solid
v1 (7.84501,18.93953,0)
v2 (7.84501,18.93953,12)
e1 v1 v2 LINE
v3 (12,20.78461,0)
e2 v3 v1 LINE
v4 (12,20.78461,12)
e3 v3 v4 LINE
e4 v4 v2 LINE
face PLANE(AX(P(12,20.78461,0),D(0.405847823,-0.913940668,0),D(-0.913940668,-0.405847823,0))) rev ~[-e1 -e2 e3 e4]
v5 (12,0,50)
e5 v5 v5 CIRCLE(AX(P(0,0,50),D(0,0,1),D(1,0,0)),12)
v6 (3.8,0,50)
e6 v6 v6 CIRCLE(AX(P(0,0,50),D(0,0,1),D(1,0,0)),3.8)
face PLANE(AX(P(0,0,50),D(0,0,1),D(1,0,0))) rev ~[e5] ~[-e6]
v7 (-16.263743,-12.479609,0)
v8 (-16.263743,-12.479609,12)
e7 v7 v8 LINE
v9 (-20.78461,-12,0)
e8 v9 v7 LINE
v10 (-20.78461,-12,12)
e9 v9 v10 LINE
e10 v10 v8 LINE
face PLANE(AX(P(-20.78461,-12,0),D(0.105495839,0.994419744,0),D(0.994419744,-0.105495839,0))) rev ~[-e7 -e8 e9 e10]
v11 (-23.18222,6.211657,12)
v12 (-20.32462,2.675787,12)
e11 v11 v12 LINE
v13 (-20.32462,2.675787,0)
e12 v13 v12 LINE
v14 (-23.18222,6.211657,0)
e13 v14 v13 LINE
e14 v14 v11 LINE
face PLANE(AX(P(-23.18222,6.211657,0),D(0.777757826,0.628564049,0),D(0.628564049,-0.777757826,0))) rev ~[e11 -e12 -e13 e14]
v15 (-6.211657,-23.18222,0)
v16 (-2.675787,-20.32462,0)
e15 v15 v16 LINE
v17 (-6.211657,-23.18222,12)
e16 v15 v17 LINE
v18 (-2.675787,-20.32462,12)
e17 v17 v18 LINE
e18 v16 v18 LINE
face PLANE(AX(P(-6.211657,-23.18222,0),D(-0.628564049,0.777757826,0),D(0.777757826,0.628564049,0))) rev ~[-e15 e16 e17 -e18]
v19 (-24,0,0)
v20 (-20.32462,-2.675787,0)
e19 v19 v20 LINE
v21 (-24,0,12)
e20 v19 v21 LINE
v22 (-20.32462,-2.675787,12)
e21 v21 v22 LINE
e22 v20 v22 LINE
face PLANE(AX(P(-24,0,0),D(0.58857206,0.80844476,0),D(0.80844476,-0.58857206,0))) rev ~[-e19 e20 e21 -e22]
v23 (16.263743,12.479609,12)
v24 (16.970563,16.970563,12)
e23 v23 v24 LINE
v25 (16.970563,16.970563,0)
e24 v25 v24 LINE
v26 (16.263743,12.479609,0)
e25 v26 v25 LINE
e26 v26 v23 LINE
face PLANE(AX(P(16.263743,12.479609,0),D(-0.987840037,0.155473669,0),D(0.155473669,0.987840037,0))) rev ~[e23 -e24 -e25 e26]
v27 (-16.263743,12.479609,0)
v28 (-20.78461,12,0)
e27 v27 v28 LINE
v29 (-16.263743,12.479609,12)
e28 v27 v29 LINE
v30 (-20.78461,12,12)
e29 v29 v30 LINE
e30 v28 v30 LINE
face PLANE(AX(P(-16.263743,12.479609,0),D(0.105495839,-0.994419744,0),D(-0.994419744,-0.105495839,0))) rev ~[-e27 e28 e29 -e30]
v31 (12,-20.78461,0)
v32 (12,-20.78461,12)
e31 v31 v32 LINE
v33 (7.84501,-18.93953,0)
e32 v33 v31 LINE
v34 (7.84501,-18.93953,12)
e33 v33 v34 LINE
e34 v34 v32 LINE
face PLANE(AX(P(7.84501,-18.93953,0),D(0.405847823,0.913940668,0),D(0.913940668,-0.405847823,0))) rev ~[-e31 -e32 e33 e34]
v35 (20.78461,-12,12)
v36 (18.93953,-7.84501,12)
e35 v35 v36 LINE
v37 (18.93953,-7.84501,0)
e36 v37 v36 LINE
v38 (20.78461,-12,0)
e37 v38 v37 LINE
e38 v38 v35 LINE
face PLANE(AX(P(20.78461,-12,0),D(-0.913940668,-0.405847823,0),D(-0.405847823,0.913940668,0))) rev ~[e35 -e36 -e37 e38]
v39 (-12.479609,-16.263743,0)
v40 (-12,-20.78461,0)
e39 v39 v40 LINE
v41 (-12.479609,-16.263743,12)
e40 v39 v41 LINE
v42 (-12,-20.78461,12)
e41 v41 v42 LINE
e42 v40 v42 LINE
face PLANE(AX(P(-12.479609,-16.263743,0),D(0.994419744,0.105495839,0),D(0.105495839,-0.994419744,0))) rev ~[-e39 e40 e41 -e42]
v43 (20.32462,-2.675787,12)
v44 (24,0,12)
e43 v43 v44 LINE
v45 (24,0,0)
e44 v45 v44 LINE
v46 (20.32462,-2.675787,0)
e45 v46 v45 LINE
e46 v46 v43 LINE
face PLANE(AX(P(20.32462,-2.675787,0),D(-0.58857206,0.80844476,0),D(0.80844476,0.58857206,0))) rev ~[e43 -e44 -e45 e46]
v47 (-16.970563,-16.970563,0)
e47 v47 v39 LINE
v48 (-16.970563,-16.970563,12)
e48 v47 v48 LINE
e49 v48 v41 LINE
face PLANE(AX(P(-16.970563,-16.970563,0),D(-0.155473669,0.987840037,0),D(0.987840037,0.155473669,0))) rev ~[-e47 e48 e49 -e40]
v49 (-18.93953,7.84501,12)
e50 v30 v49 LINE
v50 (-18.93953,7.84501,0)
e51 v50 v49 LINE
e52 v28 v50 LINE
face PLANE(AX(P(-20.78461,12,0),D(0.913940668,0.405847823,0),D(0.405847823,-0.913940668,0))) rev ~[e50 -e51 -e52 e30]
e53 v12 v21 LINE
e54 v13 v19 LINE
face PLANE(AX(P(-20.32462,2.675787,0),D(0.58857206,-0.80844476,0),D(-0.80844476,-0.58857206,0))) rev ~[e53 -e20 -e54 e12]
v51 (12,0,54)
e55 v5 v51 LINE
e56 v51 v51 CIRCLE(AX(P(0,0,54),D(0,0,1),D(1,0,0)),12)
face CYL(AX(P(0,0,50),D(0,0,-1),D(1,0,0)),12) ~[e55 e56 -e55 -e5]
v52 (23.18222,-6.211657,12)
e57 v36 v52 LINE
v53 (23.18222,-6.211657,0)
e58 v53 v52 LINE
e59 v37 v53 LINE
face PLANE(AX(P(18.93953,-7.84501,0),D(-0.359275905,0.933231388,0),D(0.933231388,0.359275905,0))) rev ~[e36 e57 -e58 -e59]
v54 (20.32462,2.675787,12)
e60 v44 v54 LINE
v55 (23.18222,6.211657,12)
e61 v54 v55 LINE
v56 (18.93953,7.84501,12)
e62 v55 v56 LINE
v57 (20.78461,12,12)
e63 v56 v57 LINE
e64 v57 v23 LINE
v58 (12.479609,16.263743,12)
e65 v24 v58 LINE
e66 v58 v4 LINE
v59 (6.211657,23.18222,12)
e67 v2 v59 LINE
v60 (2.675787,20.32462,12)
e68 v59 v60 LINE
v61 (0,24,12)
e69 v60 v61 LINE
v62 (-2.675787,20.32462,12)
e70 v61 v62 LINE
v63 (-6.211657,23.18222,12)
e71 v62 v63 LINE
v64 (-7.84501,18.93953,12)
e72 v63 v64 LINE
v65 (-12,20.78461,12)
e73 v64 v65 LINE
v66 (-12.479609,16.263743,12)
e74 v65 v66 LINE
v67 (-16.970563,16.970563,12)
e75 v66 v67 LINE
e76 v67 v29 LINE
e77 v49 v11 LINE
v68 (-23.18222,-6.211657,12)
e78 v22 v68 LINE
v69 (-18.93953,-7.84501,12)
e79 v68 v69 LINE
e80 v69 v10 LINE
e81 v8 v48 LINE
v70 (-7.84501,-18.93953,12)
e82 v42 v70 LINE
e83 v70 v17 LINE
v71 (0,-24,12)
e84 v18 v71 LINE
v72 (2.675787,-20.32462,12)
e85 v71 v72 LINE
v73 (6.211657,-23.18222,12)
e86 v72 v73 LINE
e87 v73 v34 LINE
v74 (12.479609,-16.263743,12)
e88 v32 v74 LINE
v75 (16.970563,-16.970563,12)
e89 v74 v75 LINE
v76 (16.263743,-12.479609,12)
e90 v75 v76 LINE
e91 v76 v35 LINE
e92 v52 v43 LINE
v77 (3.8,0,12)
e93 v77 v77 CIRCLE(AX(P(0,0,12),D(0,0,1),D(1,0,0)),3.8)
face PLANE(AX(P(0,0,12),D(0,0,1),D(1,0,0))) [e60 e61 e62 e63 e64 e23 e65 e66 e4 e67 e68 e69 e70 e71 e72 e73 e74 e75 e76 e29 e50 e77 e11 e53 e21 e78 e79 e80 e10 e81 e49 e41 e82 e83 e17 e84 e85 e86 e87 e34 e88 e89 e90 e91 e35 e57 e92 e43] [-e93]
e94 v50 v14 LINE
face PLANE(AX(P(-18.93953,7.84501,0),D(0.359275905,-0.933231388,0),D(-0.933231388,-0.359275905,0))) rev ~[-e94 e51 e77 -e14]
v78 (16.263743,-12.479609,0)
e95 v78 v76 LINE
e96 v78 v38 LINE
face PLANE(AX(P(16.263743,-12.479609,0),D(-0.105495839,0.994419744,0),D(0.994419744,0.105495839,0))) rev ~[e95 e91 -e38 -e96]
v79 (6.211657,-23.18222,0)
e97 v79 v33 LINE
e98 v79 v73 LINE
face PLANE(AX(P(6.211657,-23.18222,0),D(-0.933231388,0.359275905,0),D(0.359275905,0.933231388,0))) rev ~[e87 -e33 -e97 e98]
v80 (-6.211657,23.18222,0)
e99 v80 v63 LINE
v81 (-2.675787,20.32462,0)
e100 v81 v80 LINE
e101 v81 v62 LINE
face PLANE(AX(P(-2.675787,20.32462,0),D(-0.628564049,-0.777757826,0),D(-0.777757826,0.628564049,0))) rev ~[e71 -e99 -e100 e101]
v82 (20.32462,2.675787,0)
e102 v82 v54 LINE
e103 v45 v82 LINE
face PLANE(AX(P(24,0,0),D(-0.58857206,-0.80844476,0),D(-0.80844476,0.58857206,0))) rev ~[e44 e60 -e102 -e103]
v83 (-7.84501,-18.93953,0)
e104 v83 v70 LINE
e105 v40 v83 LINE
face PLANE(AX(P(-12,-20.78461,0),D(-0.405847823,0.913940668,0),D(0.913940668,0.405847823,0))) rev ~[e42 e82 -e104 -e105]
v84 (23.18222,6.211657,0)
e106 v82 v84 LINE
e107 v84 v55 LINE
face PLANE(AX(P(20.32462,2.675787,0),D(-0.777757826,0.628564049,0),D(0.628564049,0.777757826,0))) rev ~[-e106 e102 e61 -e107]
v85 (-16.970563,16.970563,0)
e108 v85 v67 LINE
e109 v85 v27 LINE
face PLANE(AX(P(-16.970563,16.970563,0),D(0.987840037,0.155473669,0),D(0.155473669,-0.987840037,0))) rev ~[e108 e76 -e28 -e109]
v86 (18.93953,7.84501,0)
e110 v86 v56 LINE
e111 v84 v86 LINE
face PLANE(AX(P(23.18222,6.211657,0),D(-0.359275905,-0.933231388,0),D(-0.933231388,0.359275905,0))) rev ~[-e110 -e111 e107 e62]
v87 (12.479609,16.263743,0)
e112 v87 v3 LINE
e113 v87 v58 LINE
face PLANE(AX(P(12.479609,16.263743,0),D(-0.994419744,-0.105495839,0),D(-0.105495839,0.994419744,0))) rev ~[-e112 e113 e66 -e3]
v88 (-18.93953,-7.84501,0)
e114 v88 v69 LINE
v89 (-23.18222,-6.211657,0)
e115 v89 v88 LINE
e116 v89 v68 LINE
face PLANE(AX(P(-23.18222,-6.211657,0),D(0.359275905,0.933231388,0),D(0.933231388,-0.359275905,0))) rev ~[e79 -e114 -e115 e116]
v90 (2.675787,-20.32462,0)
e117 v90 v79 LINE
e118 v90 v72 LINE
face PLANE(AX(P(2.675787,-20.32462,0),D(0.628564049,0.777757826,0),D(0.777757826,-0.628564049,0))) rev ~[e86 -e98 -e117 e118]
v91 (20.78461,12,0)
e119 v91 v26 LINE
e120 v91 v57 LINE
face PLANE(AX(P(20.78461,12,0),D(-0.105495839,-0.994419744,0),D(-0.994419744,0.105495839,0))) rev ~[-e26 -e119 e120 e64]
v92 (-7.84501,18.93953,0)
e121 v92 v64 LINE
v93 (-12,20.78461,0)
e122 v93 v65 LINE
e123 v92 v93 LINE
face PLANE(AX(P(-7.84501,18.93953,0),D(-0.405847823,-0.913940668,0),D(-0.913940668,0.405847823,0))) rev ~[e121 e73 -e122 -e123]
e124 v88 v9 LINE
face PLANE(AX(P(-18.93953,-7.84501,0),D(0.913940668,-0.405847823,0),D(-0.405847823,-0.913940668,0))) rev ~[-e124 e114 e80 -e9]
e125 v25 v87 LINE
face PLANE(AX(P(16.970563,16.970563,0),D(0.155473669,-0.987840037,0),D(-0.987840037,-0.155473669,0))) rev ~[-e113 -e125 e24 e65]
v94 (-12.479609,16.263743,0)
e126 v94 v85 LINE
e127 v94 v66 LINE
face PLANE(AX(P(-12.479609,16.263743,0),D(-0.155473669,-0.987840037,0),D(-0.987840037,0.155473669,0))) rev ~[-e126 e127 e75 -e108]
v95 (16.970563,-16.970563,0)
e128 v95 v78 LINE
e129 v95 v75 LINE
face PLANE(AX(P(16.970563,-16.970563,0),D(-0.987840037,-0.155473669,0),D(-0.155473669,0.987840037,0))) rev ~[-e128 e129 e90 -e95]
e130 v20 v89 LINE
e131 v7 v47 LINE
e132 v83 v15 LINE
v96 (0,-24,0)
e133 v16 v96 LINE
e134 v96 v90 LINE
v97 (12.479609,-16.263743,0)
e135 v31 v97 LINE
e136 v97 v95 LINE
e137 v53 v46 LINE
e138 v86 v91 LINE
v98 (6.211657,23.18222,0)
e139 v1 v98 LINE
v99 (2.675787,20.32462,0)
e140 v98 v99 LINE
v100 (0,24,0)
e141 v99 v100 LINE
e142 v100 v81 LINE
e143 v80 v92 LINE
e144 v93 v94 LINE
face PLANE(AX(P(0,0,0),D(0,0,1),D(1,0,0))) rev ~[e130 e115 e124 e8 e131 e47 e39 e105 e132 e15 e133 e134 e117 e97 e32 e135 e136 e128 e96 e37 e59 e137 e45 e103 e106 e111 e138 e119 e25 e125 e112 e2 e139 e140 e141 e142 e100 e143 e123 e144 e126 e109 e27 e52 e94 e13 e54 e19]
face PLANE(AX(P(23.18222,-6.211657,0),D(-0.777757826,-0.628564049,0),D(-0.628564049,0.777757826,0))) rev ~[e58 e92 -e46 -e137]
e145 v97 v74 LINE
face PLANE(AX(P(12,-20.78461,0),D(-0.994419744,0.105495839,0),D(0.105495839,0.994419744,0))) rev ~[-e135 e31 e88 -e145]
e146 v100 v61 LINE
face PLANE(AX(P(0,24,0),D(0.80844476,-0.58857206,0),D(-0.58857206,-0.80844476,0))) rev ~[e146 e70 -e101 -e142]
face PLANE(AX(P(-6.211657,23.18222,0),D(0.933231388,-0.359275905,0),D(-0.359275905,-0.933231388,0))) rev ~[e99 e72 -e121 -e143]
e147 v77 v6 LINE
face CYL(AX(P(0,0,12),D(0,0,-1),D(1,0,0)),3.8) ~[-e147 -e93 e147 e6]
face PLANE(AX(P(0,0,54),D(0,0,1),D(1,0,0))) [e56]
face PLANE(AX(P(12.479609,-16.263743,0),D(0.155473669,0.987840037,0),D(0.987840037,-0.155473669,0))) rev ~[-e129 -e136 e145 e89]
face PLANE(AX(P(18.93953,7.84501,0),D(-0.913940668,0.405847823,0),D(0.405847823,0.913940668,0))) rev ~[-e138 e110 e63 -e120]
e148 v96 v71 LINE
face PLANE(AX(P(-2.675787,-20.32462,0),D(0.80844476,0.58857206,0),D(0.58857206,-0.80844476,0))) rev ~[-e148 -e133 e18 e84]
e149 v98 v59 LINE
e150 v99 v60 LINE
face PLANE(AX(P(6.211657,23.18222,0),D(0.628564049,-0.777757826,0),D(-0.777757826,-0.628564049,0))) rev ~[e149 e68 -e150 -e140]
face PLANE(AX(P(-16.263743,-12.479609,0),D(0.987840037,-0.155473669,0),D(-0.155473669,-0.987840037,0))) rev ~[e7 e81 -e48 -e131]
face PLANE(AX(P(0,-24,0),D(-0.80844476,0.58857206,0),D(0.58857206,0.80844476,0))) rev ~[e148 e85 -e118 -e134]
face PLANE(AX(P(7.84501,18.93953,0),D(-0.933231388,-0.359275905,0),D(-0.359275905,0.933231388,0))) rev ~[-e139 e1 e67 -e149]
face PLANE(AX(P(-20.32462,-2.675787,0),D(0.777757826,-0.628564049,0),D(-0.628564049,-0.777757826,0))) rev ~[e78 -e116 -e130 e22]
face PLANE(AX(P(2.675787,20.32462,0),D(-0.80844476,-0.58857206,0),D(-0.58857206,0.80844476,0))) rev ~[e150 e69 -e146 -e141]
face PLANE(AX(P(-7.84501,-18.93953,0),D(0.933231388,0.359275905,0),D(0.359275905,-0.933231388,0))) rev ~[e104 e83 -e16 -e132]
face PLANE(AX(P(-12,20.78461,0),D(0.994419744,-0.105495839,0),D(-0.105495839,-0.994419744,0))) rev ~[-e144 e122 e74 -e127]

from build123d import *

# Parameters (mm, degrees)
PAD_02_GEARLIKE_KNOB_DEPTH       = 12
SKETCH_03_SCREW_SHAFT_PROFILE_R  = 3.8
PAD_04_SCREW_SHAFT_DEPTH         = 38
SKETCH_05_PRESSURE_PAD_PROFILE_R = 12
PAD_06_PRESSURE_PAD_DEPTH        = 4


with BuildPart() as part:
    # Sketch_01_GearLike_Knob_Profile → Pad_02_GearLike_Knob (new body)
    with BuildSketch(Plane.XY):
        Polygon((24, 0), (20.32462, 2.675787), (23.18222, 6.211657), (18.93953, 7.84501), (20.78461, 12), (16.263743, 12.479609), (16.970563, 16.970563), (12.479609, 16.263743), (12, 20.78461), (7.84501, 18.93953), (6.211657, 23.18222), (2.675787, 20.32462), (0, 24), (-2.675787, 20.32462), (-6.211657, 23.18222), (-7.84501, 18.93953), (-12, 20.78461), (-12.479609, 16.263743), (-16.970563, 16.970563), (-16.263743, 12.479609), (-20.78461, 12), (-18.93953, 7.84501), (-23.18222, 6.211657), (-20.32462, 2.675787), (-24, 0), (-20.32462, -2.675787), (-23.18222, -6.211657), (-18.93953, -7.84501), (-20.78461, -12), (-16.263743, -12.479609), (-16.970563, -16.970563), (-12.479609, -16.263743), (-12, -20.78461), (-7.84501, -18.93953), (-6.211657, -23.18222), (-2.675787, -20.32462), (0, -24), (2.675787, -20.32462), (6.211657, -23.18222), (7.84501, -18.93953), (12, -20.78461), (12.479609, -16.263743), (16.970563, -16.970563), (16.263743, -12.479609), (20.78461, -12), (18.93953, -7.84501), (23.18222, -6.211657), (20.32462, -2.675787), align=None)
    extrude(amount=PAD_02_GEARLIKE_KNOB_DEPTH)

    # Sketch_03_Screw_Shaft_Profile → Pad_04_Screw_Shaft (join)
    with BuildSketch(Plane.XY.offset(12)):
        Circle(SKETCH_03_SCREW_SHAFT_PROFILE_R)
    extrude(amount=PAD_04_SCREW_SHAFT_DEPTH)

    # Sketch_05_Pressure_Pad_Profile → Pad_06_Pressure_Pad (join)
    with BuildSketch(Plane.XY.offset(50)):
        Circle(SKETCH_05_PRESSURE_PAD_PROFILE_R)
    extrude(amount=PAD_06_PRESSURE_PAD_DEPTH)


solid = part.part
